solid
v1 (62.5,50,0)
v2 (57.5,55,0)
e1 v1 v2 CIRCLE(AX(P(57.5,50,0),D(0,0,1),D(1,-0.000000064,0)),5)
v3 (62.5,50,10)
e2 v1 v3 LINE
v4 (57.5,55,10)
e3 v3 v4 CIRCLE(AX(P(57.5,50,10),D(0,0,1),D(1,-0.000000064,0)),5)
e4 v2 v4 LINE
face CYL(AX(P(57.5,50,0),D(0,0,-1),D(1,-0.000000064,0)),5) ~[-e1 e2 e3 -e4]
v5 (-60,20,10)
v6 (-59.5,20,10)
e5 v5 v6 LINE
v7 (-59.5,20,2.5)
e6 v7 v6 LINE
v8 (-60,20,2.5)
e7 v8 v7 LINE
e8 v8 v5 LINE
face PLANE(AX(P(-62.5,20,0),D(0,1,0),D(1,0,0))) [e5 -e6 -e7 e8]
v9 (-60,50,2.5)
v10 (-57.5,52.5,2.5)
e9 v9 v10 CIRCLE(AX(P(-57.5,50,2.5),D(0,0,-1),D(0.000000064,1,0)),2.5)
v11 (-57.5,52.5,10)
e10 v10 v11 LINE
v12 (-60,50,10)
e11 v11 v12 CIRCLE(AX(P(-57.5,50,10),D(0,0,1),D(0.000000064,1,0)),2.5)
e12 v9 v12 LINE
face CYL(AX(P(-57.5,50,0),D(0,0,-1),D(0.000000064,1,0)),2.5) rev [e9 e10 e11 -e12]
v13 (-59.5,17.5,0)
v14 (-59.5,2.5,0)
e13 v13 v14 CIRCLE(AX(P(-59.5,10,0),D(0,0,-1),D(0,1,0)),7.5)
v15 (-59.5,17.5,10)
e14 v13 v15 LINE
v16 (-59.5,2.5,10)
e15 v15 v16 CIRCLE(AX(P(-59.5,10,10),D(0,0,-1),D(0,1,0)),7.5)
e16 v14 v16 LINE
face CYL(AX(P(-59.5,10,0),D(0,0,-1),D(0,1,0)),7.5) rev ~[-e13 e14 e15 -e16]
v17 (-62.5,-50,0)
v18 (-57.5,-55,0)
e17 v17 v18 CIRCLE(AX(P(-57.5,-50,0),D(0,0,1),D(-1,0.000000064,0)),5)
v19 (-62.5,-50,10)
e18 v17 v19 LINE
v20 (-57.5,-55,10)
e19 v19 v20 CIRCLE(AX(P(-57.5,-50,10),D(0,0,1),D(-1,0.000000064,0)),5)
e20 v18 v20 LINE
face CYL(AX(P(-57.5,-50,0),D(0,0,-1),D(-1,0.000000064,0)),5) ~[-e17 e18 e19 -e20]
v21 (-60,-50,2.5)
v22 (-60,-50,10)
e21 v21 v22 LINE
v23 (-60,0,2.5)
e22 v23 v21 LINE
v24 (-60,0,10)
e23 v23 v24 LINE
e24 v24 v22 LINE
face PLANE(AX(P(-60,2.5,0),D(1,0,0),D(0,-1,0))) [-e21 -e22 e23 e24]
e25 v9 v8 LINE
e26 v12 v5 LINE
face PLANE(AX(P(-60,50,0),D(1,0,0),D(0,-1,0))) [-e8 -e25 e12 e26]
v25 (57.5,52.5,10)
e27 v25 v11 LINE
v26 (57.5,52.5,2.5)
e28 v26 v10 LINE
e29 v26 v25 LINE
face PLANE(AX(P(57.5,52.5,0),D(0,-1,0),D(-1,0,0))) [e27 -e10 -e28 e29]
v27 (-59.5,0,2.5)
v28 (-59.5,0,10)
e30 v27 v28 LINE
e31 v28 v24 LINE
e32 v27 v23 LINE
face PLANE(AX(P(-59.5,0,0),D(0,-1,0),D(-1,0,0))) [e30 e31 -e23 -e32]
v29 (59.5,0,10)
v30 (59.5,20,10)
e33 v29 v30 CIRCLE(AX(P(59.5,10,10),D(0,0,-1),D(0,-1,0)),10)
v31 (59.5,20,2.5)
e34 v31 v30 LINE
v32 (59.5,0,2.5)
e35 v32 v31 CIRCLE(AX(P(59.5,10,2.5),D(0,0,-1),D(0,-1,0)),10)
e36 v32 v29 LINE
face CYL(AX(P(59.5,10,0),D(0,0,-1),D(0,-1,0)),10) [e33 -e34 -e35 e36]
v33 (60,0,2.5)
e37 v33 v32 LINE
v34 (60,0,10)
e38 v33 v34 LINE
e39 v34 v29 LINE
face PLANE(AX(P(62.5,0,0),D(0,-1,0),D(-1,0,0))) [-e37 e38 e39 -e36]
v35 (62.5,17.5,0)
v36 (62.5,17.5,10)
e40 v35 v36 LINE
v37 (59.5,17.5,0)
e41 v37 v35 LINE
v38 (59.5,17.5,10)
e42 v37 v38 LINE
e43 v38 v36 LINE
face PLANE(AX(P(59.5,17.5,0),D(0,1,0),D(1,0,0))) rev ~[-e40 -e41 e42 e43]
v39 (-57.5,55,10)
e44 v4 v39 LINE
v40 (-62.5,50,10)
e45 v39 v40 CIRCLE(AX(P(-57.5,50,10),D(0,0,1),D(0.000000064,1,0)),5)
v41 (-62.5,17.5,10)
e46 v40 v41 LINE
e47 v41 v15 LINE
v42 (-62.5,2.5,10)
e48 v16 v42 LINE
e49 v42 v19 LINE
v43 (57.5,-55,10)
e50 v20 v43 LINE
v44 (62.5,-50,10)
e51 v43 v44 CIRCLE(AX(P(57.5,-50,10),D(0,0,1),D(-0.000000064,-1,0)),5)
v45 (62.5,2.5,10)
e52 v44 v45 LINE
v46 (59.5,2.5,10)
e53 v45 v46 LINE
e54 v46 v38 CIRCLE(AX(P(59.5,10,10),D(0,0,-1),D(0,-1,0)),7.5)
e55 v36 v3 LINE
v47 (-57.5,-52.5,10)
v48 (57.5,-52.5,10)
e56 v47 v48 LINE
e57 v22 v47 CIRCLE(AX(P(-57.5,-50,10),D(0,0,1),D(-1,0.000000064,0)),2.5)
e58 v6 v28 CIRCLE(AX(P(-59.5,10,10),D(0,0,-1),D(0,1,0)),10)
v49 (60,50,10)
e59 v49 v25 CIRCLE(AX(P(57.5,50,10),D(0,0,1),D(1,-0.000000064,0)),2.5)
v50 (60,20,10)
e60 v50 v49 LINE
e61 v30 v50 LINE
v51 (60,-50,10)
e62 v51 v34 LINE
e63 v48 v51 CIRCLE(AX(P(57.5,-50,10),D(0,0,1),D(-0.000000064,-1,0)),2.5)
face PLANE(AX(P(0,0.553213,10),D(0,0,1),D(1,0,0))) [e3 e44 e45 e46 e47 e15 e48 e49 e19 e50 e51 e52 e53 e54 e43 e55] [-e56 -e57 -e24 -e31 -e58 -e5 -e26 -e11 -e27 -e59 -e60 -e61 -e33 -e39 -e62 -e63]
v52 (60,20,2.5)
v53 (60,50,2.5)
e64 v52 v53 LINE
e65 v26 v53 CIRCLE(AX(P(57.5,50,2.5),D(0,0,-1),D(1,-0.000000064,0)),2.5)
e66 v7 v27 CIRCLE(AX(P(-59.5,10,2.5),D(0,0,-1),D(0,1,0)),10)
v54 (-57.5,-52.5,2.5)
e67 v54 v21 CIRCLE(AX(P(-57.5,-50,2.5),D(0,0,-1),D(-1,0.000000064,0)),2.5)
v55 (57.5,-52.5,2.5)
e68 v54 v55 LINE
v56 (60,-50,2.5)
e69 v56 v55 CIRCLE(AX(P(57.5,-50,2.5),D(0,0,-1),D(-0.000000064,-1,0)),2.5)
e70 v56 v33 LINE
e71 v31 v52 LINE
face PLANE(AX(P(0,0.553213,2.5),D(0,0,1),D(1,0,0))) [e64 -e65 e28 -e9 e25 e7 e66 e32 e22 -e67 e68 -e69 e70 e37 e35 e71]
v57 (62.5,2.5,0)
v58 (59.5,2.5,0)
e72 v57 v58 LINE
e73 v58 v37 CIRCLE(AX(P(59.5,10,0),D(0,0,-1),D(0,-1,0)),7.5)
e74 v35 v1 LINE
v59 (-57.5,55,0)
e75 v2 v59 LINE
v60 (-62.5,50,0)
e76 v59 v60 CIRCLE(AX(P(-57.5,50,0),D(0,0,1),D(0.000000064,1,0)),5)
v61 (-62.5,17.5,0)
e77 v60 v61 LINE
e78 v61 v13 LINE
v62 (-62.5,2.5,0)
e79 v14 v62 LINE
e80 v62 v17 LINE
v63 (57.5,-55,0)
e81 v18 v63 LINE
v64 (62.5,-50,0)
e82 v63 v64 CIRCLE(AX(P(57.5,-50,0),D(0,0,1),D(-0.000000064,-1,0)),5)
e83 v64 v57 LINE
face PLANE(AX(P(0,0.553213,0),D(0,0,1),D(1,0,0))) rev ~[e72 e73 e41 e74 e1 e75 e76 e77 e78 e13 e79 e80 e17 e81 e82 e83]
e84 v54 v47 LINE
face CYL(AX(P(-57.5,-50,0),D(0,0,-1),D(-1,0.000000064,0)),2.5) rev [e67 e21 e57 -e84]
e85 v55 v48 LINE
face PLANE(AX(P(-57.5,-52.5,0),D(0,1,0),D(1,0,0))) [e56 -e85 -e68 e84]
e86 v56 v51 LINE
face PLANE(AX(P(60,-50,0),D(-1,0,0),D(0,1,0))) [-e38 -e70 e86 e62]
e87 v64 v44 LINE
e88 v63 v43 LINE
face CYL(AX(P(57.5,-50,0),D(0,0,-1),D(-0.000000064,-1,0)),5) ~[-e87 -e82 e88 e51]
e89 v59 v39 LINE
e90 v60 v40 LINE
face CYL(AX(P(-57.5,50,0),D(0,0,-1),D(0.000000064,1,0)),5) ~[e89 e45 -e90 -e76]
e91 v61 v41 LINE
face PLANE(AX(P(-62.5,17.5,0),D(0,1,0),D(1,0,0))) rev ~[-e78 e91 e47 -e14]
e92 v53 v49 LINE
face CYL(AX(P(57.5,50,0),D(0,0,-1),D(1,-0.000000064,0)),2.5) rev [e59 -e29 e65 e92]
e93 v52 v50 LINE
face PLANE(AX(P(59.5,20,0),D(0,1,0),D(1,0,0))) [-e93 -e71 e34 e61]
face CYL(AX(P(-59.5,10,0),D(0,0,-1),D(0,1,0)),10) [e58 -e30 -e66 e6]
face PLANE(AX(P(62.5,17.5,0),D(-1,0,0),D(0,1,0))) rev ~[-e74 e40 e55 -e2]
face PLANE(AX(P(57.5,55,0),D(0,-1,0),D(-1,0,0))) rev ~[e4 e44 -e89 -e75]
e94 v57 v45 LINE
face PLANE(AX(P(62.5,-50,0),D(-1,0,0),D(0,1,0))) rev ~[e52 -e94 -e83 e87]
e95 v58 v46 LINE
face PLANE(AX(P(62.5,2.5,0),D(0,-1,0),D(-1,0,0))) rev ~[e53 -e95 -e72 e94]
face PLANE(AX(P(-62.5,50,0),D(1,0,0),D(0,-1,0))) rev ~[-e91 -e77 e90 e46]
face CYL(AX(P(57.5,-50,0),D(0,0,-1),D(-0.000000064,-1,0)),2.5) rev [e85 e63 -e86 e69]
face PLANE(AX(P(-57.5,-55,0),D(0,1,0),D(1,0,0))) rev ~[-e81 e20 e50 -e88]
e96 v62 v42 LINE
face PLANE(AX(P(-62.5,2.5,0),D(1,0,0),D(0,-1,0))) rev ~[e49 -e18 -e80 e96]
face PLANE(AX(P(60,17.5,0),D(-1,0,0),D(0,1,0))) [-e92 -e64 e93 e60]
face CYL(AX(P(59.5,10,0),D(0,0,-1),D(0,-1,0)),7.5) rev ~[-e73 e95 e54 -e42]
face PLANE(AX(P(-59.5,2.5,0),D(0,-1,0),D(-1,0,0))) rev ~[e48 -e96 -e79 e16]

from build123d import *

# Parameters (mm, degrees)
F1_DEPTH = 10
F2_T     = -2.5


with BuildPart() as f1:
    # F0 (on Top) → F1 (new body)
    with BuildSketch(Plane.XY):
        with BuildLine():
            Line((-57.5, -55), (57.5, -55))
            ThreePointArc((57.5, -55), (61.035534, -53.535534), (62.5, -50))
            Line((62.5, -50), (62.5, 2.5))
            Line((62.5, 2.5), (59.5, 2.5))
            ThreePointArc((59.5, 2.5), (52, 10), (59.5, 17.5))
            Line((59.5, 17.5), (62.5, 17.5))
            Line((62.5, 17.5), (62.5, 50))
            ThreePointArc((62.5, 50), (61.035534, 53.535534), (57.5, 55))
            Line((57.5, 55), (-57.5, 55))
            ThreePointArc((-57.5, 55), (-61.035534, 53.535534), (-62.5, 50))
            Line((-62.5, 50), (-62.5, 17.5))
            Line((-62.5, 17.5), (-59.5, 17.5))
            ThreePointArc((-59.5, 17.5), (-52, 10), (-59.5, 2.5))
            Line((-59.5, 2.5), (-62.5, 2.5))
            Line((-62.5, 2.5), (-62.5, -50))
            ThreePointArc((-62.5, -50), (-61.035534, -53.535534), (-57.5, -55))
        make_face()
    extrude(amount=F1_DEPTH)

    # F2
    f2_openings = [f1.faces().sort_by_distance(p)[0] for p in [
        (0, -0.198127, 10),
    ]]
    offset(amount=F2_T, openings=f2_openings)


solid = f1.part
